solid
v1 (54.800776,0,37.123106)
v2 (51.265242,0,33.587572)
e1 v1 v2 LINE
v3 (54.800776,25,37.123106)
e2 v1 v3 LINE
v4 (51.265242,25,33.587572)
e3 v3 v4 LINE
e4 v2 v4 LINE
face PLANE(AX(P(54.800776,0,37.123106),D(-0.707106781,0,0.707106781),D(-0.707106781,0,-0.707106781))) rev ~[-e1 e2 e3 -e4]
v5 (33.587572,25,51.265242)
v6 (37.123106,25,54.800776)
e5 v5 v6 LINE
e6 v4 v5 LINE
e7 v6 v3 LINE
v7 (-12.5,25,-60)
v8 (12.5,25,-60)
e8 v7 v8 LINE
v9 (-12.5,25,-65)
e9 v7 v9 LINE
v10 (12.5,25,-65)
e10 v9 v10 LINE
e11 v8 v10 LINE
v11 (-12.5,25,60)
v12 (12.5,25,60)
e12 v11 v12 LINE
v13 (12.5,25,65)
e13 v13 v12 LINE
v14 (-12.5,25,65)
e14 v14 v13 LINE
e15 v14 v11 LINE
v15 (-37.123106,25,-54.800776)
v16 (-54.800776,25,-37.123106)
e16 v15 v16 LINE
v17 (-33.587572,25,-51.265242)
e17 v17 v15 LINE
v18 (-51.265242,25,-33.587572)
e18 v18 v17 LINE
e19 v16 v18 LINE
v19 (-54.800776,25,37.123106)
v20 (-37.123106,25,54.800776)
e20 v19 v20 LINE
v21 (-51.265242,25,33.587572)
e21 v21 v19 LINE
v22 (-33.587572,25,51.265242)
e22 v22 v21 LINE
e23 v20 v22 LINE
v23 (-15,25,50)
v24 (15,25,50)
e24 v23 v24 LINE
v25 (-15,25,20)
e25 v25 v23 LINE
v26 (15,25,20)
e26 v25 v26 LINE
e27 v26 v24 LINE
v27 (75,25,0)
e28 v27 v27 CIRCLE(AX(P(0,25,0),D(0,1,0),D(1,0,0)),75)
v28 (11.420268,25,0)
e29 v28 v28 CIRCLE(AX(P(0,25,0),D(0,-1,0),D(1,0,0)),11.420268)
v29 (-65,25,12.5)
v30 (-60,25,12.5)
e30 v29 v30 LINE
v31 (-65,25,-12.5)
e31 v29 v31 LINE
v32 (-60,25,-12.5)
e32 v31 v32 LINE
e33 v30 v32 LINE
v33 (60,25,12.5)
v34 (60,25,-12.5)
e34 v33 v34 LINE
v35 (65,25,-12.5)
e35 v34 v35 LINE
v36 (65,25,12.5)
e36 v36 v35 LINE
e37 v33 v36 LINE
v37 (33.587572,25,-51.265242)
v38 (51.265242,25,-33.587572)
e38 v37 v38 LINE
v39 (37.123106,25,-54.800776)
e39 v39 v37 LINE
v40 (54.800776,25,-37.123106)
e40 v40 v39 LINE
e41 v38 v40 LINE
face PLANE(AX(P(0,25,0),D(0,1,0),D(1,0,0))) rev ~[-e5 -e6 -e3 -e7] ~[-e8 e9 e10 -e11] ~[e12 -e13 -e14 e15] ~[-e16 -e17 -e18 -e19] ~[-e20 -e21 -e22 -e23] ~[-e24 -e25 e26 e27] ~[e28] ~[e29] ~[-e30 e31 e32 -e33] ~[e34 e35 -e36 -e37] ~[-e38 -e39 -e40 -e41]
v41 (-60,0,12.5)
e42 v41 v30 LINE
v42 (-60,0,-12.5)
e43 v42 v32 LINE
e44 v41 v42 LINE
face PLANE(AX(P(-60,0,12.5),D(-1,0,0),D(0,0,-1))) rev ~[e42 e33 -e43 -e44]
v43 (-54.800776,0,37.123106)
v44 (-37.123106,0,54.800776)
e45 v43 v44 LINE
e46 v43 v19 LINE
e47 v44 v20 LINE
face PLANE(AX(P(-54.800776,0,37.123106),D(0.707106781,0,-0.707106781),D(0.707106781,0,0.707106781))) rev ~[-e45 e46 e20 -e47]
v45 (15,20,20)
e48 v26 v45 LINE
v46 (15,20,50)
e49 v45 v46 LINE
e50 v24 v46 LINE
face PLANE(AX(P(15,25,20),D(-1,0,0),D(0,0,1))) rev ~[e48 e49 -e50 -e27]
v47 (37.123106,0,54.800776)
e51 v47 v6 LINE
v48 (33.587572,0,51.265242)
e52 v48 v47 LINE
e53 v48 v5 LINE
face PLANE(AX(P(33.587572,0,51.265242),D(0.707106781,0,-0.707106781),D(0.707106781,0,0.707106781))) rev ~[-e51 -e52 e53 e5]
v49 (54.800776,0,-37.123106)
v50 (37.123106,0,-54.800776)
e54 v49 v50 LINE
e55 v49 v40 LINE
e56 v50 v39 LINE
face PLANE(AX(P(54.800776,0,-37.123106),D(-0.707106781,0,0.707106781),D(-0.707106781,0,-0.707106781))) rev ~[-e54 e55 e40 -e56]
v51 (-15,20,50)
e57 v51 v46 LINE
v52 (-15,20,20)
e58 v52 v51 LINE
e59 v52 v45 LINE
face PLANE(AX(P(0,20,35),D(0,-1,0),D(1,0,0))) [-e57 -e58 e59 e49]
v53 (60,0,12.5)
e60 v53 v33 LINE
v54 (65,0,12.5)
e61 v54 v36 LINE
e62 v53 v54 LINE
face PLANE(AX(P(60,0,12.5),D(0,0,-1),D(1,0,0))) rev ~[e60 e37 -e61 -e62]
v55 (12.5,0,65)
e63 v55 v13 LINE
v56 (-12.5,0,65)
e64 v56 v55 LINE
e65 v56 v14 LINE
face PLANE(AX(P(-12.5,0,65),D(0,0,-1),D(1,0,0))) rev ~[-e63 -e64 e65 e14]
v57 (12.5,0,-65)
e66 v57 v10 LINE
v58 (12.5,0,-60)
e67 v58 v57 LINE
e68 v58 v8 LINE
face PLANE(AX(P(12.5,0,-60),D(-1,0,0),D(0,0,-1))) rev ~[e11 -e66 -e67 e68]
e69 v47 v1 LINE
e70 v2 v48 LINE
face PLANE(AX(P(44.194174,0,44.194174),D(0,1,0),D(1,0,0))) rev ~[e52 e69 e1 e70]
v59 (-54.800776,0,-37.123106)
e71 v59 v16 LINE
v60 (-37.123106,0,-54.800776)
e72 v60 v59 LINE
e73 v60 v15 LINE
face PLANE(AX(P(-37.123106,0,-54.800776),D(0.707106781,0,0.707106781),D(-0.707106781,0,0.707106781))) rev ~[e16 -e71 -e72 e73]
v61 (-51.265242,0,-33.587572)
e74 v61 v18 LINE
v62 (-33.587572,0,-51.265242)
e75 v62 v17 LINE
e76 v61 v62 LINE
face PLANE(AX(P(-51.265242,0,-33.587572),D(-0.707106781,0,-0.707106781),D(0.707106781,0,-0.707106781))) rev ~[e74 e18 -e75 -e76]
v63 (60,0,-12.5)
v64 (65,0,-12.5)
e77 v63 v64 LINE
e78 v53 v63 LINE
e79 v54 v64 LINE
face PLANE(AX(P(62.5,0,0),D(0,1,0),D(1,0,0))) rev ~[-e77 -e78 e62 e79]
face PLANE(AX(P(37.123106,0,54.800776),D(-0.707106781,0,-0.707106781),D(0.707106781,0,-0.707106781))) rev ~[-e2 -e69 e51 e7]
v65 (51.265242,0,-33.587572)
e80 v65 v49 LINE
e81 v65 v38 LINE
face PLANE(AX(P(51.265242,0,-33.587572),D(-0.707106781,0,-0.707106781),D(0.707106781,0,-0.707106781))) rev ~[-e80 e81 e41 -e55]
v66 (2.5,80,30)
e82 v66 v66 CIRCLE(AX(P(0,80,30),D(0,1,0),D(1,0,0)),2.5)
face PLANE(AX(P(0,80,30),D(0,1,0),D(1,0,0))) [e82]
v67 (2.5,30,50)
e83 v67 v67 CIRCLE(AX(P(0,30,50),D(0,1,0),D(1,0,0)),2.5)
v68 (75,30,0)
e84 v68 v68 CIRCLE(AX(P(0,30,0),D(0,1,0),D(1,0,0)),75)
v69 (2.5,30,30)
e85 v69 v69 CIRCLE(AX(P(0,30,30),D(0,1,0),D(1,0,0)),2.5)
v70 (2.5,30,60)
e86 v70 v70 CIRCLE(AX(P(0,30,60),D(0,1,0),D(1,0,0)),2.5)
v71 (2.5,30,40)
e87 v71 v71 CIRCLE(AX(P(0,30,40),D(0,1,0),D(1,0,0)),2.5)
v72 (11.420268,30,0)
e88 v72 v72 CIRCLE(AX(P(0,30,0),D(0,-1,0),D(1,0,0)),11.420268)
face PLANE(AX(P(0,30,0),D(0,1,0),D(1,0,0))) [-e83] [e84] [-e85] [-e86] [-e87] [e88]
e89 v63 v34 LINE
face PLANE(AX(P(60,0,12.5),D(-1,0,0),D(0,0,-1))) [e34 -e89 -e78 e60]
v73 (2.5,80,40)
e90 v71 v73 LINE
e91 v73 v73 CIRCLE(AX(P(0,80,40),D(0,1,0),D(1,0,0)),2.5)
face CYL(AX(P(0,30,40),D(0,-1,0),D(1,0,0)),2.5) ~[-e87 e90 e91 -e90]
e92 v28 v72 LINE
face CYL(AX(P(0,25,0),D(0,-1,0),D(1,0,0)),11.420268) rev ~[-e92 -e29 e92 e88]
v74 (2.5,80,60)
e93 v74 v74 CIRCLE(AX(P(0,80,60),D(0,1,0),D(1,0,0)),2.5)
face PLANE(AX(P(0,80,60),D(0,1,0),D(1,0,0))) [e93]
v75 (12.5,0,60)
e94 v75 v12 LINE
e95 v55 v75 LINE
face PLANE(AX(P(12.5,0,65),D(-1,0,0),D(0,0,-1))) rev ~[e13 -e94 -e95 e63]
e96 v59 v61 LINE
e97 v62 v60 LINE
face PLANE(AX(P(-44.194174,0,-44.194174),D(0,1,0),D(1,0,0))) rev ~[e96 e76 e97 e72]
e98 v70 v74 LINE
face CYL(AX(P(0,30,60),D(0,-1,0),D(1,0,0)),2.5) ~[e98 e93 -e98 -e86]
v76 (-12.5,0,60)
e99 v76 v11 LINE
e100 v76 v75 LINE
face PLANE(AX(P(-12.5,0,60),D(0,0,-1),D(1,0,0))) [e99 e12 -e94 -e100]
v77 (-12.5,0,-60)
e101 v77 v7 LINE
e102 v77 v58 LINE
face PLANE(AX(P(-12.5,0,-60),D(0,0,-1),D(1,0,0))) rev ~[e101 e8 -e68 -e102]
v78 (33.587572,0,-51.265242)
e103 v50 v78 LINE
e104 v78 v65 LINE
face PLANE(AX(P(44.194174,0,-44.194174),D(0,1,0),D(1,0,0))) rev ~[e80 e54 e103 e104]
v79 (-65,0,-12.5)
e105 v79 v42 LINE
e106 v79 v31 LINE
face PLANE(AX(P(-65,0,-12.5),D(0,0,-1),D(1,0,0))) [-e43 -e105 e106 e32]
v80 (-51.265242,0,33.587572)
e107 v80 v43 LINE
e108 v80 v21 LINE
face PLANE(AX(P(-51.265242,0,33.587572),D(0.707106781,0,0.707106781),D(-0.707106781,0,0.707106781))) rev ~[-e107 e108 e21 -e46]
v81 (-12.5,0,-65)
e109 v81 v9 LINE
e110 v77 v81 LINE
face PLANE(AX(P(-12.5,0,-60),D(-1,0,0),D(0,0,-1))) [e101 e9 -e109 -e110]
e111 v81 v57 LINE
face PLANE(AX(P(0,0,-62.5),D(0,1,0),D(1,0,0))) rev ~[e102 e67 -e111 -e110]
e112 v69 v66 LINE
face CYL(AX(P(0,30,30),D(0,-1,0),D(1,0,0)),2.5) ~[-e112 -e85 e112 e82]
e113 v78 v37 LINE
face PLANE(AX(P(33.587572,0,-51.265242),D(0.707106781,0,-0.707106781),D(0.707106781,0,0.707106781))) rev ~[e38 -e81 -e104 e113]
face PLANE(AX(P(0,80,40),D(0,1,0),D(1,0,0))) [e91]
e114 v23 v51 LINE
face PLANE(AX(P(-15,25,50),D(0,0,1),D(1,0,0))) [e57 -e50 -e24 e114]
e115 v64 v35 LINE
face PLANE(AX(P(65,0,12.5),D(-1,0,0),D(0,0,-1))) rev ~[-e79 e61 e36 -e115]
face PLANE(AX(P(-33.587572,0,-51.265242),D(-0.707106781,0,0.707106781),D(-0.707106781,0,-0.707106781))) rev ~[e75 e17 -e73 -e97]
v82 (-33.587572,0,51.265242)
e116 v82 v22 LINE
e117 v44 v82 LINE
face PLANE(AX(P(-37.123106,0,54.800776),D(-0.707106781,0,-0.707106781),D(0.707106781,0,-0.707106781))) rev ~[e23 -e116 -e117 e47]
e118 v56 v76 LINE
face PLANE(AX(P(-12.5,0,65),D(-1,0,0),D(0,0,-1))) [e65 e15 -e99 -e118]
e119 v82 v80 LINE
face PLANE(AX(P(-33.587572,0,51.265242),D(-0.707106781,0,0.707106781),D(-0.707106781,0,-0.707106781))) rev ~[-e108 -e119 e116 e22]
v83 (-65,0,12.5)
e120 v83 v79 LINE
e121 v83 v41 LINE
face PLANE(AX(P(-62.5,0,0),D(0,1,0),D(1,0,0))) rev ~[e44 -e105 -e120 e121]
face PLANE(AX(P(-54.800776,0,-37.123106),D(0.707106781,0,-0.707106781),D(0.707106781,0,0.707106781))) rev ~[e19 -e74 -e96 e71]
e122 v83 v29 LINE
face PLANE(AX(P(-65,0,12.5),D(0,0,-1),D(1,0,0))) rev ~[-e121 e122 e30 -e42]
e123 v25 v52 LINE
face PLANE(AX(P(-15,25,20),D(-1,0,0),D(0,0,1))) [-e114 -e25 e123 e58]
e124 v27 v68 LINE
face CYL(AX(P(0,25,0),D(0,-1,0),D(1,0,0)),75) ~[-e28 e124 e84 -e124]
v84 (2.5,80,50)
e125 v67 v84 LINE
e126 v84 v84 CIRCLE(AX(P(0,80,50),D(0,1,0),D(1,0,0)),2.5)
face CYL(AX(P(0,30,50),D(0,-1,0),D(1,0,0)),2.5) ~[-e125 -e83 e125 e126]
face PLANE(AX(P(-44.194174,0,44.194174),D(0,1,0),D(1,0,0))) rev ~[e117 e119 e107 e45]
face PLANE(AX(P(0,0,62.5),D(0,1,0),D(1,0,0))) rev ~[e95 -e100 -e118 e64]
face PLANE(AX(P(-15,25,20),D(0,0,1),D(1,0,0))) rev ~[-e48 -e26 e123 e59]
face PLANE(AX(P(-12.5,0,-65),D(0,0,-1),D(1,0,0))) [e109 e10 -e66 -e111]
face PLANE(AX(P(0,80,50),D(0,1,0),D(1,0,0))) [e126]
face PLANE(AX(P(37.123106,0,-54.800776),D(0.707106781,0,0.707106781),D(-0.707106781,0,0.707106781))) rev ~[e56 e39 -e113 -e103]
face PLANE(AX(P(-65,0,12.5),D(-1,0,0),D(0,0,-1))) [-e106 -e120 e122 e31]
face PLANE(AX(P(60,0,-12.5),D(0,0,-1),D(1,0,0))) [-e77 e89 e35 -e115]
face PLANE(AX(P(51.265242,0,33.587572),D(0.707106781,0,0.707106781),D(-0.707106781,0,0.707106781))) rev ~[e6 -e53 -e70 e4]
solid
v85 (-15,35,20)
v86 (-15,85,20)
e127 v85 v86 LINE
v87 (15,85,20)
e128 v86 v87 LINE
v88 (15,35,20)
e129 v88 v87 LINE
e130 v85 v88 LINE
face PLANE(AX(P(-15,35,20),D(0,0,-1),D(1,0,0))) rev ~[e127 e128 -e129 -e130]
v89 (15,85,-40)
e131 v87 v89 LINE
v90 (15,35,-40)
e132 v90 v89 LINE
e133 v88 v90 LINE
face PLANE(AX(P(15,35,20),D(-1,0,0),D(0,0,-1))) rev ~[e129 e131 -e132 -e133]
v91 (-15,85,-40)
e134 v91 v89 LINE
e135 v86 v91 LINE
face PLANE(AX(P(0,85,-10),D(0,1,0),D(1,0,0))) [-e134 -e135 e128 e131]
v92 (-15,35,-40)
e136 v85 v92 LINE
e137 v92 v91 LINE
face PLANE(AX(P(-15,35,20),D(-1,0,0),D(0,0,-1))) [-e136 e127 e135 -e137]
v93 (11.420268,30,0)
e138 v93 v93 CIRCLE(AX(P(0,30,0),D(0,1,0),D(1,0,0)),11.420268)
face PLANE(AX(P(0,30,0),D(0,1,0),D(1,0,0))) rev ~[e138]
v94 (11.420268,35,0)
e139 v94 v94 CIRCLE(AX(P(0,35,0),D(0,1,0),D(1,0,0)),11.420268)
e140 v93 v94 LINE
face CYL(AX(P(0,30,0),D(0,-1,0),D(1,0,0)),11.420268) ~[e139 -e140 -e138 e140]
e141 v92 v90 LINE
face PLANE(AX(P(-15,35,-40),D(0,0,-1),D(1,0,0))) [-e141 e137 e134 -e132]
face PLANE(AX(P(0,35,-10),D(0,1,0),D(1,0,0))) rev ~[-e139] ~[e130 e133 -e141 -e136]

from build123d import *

# Parameters (mm, degrees)
BOSS_EXTRUDE1_DEPTH   = 25
BOSS_EXTRUDE1_2_DEPTH = 25
SKETCH1_W             = 25
SKETCH1_H             = 5
BOSS_EXTRUDE1_3_DEPTH = 25
BOSS_EXTRUDE1_4_DEPTH = 25
SKETCH1_W_2           = 5
SKETCH1_H_2           = 25
BOSS_EXTRUDE1_5_DEPTH = 25
BOSS_EXTRUDE1_6_DEPTH = 25
BOSS_EXTRUDE1_7_DEPTH = 25
BOSS_EXTRUDE1_8_DEPTH = 25
SKETCH2_R             = 75
BOSS_EXTRUDE2_DEPTH   = 5
SKETCH3_W             = 30
SKETCH3_H             = 30
BOSS_EXTRUDE3_DEPTH   = 5
SKETCH4_R             = 11.420268363
CUT_EXTRUDE1_DEPTH    = 5
SKETCH5_R             = 11.420268363
BOSS_EXTRUDE4_DEPTH   = 5
SKETCH6_W             = 30
SKETCH6_H             = 60
BOSS_EXTRUDE5_DEPTH   = 50
SKETCH7_R             = 2.5
BOSS_EXTRUDE6_DEPTH   = 50


with BuildPart() as part:
    # Sketch1 → Boss-Extrude1 (new body)
    with BuildSketch(Plane(origin=(0, 0, 0), x_dir=(1, 0, 0), z_dir=(0, 1, 0))):
        Polygon((-37.123106012, -54.800775542), (-33.587572106, -51.265241636), (-51.265241636, -33.587572106), (-54.800775542, -37.123106012), align=None)
    extrude(amount=BOSS_EXTRUDE1_DEPTH)



with BuildPart() as body_2:
    # Sketch1 → Boss-Extrude1 2 (new body)
    with BuildSketch(Plane(origin=(0, 0, 0), x_dir=(1, 0, 0), z_dir=(0, 1, 0))):
        Polygon((-54.800775542, 37.123106012), (-51.265241636, 33.587572106), (-33.587572106, 51.265241636), (-37.123106012, 54.800775542), align=None)
    extrude(amount=BOSS_EXTRUDE1_2_DEPTH)


with BuildPart() as body_3:
    # Sketch1 → Boss-Extrude1 3 (new body)
    with BuildSketch(Plane(origin=(0, 0, 0), x_dir=(1, 0, 0), z_dir=(0, 1, 0))):
        with Locations((0, 62.5)):
            Rectangle(SKETCH1_W, SKETCH1_H)
    extrude(amount=BOSS_EXTRUDE1_3_DEPTH)


with BuildPart() as body_4:
    # Sketch1 → Boss-Extrude1 4 (new body)
    with BuildSketch(Plane(origin=(0, 0, 0), x_dir=(1, 0, 0), z_dir=(0, 1, 0))):
        Polygon((37.123106012, 54.800775542), (33.587572106, 51.265241636), (51.265241636, 33.587572106), (54.800775542, 37.123106012), align=None)
    extrude(amount=BOSS_EXTRUDE1_4_DEPTH)


with BuildPart() as body_5:
    # Sketch1 → Boss-Extrude1 5 (new body)
    with BuildSketch(Plane(origin=(0, 0, 0), x_dir=(1, 0, 0), z_dir=(0, 1, 0))):
        with Locations((62.5, 0)):
            Rectangle(SKETCH1_W_2, SKETCH1_H_2)
    extrude(amount=BOSS_EXTRUDE1_5_DEPTH)


with BuildPart() as body_6:
    # Sketch1 → Boss-Extrude1 6 (new body)
    with BuildSketch(Plane(origin=(0, 0, 0), x_dir=(1, 0, 0), z_dir=(0, 1, 0))):
        Polygon((54.800775542, -37.123106012), (51.265241636, -33.587572106), (33.587572106, -51.265241636), (37.123106012, -54.800775542), align=None)
    extrude(amount=BOSS_EXTRUDE1_6_DEPTH)


with BuildPart() as body_7:
    # Sketch1 → Boss-Extrude1 7 (new body)
    with BuildSketch(Plane(origin=(0, 0, 0), x_dir=(1, 0, 0), z_dir=(0, 1, 0))):
        with Locations((0, -62.5)):
            Rectangle(SKETCH1_W, SKETCH1_H)
    extrude(amount=BOSS_EXTRUDE1_7_DEPTH)


with BuildPart() as body_8:
    # Sketch1 → Boss-Extrude1 8 (new body)
    with BuildSketch(Plane(origin=(0, 0, 0), x_dir=(1, 0, 0), z_dir=(0, 1, 0))):
        with Locations((-62.5, 0)):
            Rectangle(SKETCH1_W_2, SKETCH1_H_2)
    extrude(amount=BOSS_EXTRUDE1_8_DEPTH)


with BuildPart() as part_1:
    add(part.part)

    add(body_2.part)  # Boss-Extrude2 merges body 2

    add(body_3.part)  # Boss-Extrude2 merges body 3

    add(body_4.part)  # Boss-Extrude2 merges body 4

    add(body_5.part)  # Boss-Extrude2 merges body 5

    add(body_6.part)  # Boss-Extrude2 merges body 6

    add(body_7.part)  # Boss-Extrude2 merges body 7

    add(body_8.part)  # Boss-Extrude2 merges body 8
    # Sketch2 → Boss-Extrude2 (add)
    with BuildSketch(Plane(origin=(0, 25, 0), x_dir=(1, 0, 0), z_dir=(0, 1, 0))):
        Circle(SKETCH2_R)
    extrude(amount=BOSS_EXTRUDE2_DEPTH)

    # Sketch3 → Boss-Extrude3 (add)
    with BuildSketch(Plane.XZ.offset(-25)):
        with Locations((0, 35)):
            Rectangle(SKETCH3_W, SKETCH3_H)
    extrude(amount=BOSS_EXTRUDE3_DEPTH)

    # Sketch4 → Cut-Extrude1 (cut)
    with BuildSketch(Plane.XZ.offset(-25)):
        Circle(SKETCH4_R)
    extrude(amount=-CUT_EXTRUDE1_DEPTH, mode=Mode.SUBTRACT)

    # Sketch7 → Boss-Extrude6 (add)
    with BuildSketch(Plane(origin=(0, 30, 0), x_dir=(1, 0, 0), z_dir=(0, 1, 0))):
        with Locations((0, -30)):
            Circle(SKETCH7_R)
        with Locations((0, -40)):
            Circle(SKETCH7_R)
        with Locations((0, -50)):
            Circle(SKETCH7_R)
        with Locations((0, -60)):
            Circle(SKETCH7_R)
    extrude(amount=BOSS_EXTRUDE6_DEPTH)


with BuildPart() as body_2_2:
    # Sketch5 → Boss-Extrude4 (new body)
    with BuildSketch(Plane(origin=(0, 30, 0), x_dir=(1, 0, 0), z_dir=(0, 1, 0))):
        Circle(SKETCH5_R)
    extrude(amount=BOSS_EXTRUDE4_DEPTH)

    # Sketch6 → Boss-Extrude5 (add)
    with BuildSketch(Plane(origin=(0, 35, 0), x_dir=(1, 0, 0), z_dir=(0, 1, 0))):
        with Locations((0, 10)):
            Rectangle(SKETCH6_W, SKETCH6_H)
    extrude(amount=BOSS_EXTRUDE5_DEPTH)


solid = Compound([part_1.part, body_2_2.part])
